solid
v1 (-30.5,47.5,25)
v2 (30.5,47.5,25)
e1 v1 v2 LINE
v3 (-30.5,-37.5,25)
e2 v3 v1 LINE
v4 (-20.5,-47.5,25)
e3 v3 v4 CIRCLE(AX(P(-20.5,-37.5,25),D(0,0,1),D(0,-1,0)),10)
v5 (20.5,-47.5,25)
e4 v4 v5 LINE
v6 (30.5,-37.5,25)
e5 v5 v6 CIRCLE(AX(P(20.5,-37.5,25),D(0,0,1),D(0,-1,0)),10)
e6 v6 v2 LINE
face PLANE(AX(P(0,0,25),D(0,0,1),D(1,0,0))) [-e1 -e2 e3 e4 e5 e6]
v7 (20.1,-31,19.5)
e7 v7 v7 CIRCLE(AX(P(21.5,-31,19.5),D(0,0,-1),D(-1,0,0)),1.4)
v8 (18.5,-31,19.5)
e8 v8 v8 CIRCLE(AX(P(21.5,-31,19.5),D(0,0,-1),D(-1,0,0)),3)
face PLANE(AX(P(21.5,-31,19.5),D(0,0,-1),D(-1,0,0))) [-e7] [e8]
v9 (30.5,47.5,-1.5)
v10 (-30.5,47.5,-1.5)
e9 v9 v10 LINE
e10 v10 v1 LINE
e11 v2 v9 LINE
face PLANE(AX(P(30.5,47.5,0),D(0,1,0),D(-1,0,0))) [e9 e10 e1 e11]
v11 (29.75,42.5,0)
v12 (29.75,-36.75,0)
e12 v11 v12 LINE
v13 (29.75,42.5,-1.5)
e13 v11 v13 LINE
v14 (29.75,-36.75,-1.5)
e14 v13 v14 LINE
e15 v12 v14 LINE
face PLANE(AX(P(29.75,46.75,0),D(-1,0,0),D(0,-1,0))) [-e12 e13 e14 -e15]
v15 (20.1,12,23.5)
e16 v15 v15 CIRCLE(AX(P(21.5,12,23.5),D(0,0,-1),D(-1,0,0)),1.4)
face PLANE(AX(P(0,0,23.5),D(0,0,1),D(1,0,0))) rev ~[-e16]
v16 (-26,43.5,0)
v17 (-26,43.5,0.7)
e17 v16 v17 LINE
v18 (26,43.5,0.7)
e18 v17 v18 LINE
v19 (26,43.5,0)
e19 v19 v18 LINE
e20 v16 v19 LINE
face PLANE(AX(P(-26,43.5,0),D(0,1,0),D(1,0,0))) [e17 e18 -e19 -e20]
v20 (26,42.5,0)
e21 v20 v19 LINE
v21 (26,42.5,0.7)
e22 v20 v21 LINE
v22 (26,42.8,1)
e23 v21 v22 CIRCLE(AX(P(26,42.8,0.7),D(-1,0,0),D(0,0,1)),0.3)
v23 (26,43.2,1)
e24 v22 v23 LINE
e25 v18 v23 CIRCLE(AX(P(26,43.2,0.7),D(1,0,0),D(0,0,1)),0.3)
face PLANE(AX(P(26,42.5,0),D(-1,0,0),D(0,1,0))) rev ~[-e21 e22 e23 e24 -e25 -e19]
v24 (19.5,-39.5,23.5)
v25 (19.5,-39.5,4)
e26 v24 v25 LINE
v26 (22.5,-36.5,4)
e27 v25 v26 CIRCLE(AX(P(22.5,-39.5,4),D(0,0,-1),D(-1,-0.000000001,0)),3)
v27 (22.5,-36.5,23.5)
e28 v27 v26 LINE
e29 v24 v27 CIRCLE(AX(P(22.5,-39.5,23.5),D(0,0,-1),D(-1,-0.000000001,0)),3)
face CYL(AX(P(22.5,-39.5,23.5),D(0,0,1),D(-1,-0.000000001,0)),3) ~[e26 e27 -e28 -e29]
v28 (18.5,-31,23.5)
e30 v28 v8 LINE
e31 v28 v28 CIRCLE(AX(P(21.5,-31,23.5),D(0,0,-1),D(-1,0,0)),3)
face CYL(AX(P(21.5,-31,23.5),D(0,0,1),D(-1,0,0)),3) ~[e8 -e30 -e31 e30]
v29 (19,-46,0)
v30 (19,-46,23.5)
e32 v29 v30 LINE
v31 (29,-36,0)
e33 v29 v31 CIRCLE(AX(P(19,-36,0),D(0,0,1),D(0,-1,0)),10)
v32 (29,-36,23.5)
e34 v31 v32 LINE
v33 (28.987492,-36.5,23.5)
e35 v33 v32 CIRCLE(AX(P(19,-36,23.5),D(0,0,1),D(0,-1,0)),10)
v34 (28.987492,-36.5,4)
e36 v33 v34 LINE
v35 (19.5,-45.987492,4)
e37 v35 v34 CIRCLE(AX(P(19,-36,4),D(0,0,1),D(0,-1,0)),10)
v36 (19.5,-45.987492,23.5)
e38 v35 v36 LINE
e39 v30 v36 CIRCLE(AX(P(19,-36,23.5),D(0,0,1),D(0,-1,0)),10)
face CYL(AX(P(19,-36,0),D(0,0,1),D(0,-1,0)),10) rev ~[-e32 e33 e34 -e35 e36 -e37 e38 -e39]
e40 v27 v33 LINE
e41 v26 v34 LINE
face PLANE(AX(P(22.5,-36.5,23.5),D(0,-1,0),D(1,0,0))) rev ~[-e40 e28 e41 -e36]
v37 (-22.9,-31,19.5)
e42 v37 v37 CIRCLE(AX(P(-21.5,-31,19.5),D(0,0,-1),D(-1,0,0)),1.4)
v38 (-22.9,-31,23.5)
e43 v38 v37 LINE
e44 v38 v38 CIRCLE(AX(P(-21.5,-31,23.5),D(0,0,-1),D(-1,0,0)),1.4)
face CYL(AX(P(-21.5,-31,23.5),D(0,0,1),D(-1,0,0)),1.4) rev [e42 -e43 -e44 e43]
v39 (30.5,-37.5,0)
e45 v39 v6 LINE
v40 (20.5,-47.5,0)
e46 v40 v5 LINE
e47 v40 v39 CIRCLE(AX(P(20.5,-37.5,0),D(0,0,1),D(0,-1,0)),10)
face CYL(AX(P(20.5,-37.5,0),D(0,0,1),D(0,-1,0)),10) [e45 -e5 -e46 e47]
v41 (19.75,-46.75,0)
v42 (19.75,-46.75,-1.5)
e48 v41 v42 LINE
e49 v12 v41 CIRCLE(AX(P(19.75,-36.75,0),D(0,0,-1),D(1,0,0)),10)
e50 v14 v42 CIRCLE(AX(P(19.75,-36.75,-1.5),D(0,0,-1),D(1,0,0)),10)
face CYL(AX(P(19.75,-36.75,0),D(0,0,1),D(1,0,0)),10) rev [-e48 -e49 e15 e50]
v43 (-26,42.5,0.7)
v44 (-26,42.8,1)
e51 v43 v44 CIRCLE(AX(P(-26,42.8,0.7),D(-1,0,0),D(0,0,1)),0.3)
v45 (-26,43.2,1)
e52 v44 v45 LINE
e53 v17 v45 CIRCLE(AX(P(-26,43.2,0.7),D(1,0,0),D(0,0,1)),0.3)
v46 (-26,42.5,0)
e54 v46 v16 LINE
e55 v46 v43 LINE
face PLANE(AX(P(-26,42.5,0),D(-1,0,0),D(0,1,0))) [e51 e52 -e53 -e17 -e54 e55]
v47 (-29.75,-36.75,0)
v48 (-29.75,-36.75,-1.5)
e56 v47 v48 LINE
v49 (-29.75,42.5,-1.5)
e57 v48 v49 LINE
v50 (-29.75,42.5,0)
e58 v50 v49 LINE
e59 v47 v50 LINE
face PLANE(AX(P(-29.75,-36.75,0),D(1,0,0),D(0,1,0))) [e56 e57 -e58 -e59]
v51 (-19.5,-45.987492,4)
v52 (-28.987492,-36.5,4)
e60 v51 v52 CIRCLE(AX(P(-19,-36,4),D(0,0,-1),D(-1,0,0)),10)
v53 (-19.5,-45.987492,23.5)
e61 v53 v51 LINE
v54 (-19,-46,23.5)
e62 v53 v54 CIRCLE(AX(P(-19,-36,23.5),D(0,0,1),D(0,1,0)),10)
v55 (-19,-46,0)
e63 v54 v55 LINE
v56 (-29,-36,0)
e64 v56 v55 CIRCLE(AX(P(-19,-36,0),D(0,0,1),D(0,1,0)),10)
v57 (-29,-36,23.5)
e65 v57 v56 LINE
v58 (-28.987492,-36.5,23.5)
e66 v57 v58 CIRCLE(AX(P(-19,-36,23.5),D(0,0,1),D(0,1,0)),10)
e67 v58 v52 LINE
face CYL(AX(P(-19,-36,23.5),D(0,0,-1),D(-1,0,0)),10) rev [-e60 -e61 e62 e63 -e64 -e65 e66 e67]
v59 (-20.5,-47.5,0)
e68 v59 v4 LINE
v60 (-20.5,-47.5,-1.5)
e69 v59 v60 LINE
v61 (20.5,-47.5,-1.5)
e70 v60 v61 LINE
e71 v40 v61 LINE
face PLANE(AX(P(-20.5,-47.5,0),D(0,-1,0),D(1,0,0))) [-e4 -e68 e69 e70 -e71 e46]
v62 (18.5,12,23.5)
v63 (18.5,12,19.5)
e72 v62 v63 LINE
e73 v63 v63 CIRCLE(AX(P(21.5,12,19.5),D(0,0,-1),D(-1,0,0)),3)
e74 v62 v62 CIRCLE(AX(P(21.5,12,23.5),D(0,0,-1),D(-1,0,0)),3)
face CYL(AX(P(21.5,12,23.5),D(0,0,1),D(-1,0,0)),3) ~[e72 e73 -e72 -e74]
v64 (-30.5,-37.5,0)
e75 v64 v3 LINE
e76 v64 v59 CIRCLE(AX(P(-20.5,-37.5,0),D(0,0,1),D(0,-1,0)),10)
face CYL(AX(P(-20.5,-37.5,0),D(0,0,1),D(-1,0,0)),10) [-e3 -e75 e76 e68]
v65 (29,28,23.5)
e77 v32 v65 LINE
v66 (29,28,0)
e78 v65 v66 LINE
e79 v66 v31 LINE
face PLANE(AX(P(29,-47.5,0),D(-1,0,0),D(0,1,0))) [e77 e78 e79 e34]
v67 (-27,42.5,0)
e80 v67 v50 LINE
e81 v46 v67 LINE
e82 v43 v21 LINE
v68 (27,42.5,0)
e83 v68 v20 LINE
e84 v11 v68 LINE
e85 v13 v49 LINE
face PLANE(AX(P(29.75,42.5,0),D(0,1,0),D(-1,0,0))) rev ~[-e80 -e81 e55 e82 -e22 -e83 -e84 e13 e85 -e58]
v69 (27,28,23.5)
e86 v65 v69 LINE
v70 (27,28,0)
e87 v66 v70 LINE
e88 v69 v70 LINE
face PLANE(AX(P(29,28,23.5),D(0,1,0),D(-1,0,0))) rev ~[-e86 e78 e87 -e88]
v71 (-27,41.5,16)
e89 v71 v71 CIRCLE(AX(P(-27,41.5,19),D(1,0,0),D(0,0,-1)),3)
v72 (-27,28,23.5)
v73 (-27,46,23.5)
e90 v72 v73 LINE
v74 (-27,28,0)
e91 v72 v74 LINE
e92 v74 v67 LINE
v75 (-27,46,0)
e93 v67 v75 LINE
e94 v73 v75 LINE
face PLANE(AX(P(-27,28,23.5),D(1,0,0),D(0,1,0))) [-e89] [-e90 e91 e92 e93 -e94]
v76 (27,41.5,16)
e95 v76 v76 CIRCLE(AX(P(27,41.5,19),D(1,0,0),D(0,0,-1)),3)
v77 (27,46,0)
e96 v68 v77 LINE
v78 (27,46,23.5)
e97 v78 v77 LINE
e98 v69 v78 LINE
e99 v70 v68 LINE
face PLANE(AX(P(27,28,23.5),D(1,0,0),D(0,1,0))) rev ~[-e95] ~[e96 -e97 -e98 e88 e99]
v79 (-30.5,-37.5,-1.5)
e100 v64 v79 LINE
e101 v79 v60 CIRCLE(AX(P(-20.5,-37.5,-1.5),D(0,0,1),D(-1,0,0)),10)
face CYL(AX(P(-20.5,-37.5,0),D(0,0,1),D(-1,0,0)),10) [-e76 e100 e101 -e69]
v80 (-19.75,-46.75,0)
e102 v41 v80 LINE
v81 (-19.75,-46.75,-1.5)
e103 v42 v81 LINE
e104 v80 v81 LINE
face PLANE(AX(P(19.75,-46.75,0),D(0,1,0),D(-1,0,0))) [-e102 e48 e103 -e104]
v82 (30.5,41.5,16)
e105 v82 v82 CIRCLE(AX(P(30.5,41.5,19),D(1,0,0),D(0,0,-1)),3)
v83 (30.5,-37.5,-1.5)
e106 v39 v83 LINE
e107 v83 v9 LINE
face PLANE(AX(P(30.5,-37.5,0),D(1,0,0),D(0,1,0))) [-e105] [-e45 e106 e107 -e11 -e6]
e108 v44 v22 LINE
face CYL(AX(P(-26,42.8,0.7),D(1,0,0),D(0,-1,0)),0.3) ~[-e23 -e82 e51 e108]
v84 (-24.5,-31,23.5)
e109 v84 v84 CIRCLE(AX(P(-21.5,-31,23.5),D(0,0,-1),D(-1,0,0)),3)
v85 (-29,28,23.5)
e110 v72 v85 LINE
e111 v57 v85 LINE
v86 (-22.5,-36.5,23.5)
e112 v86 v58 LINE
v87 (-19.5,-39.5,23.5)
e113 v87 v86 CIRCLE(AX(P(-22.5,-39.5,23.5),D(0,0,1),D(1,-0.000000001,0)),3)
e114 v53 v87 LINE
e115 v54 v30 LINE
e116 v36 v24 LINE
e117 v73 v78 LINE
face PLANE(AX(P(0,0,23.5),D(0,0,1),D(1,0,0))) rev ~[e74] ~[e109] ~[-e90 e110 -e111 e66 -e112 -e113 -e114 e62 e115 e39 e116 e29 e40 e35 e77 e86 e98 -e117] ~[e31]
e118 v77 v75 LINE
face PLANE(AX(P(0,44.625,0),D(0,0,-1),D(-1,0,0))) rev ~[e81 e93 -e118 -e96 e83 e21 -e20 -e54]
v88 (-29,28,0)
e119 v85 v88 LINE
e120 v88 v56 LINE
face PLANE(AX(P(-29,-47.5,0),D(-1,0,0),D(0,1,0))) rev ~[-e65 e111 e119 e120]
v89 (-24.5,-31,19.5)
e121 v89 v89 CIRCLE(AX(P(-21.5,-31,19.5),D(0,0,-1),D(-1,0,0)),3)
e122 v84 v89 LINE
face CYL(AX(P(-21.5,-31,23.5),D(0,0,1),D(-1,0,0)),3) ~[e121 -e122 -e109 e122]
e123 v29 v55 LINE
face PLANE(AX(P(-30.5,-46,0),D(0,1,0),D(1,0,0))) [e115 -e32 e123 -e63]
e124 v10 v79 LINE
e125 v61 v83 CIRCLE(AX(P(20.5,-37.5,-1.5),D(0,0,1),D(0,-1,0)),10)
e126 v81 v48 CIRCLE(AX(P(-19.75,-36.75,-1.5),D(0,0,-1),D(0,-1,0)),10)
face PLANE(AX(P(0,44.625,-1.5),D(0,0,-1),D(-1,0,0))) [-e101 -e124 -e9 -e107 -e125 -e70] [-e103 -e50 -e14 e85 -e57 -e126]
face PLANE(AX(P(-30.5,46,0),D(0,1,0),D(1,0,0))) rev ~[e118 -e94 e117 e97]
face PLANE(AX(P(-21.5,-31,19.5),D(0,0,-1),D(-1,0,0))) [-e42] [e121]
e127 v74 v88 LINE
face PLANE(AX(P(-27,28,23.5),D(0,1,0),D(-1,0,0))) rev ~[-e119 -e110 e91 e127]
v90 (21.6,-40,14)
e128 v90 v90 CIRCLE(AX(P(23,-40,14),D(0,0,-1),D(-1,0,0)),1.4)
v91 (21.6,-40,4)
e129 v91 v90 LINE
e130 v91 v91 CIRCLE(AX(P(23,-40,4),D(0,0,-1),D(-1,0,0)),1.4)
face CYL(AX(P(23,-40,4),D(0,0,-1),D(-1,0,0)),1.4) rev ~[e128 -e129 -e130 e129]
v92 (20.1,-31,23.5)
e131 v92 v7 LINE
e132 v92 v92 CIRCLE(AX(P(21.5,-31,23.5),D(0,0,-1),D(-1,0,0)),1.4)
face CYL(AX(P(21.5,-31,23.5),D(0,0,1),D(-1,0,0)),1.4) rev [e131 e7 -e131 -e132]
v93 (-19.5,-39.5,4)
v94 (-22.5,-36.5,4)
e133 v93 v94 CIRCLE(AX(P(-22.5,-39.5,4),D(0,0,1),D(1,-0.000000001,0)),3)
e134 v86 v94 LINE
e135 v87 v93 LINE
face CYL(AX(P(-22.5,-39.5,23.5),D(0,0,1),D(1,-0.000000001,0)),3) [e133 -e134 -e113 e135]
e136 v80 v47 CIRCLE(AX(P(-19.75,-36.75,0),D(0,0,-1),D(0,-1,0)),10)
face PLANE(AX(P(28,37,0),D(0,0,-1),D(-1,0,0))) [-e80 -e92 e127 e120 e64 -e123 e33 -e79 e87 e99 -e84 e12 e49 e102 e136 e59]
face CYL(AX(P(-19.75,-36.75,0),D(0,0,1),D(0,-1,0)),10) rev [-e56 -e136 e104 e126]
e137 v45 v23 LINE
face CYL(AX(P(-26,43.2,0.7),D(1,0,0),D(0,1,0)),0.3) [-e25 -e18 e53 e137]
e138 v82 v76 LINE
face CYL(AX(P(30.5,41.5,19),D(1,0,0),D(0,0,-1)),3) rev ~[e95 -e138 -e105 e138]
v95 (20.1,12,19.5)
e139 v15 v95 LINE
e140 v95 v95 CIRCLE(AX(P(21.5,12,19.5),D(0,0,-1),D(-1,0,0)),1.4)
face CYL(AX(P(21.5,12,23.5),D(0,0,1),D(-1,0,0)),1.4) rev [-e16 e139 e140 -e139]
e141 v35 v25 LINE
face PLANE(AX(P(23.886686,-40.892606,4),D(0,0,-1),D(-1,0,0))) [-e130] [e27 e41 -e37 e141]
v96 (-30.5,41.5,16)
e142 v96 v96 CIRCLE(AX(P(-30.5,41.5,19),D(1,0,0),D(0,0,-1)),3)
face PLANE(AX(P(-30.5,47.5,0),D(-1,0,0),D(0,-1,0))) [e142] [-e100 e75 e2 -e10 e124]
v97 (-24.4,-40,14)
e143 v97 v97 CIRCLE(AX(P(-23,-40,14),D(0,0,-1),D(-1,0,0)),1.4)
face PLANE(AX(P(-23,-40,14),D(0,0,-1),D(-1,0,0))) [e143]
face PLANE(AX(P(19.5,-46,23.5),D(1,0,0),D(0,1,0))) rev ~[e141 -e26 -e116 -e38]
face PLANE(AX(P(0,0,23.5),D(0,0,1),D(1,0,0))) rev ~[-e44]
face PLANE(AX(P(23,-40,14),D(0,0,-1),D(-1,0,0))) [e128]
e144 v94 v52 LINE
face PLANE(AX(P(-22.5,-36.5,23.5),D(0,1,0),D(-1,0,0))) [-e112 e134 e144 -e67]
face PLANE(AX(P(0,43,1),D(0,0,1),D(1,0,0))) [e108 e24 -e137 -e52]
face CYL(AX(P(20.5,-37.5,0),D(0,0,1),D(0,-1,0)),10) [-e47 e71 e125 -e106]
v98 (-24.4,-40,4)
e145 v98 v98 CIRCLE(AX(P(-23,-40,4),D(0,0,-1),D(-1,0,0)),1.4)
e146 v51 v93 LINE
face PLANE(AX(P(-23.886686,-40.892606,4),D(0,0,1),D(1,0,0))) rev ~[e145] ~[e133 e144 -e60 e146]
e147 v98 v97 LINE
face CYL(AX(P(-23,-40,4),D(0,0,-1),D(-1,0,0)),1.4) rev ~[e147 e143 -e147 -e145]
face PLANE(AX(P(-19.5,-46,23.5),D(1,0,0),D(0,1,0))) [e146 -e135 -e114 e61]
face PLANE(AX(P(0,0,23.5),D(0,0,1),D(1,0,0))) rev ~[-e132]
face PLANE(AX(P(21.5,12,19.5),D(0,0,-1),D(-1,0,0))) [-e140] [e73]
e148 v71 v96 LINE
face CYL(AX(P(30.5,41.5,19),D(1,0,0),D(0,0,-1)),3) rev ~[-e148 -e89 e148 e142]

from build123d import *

# Parameters (mm, degrees)
SKETCH1_W               = 61
SKETCH1_H               = 95
BOSS_EXTRUDE1_DEPTH     = 25
SHELL1_T                = -1.5
FILLET1_R               = 10
SKETCH2_R               = 3
SKETCH2_R_2             = 1.4
BOSS_EXTRUDE2_DEPTH     = 4
SKETCH4_W               = 2
SKETCH4_H               = 18
BOSS_EXTRUDE3_DEPTH     = 23.5
SKETCH3_R               = 3
CUT_EXTRUDE1_DEPTH      = 1
CUT_EXTRUDE1_DEPTH_BACK = 62
BOSS_EXTRUDE4_DEPTH     = 1.5
SKETCH6_W               = 59.5
SKETCH6_H               = 4.25
BOSS_EXTRUDE5_DEPTH     = 1.5
SKETCH7_W               = 52
SKETCH7_H               = 1
BOSS_EXTRUDE6_DEPTH     = 1
FILLET2_R               = 0.3
BOSS_EXTRUDE7_DEPTH     = 19.5
SKETCH9_R               = 1.4
CUT_EXTRUDE2_DEPTH      = 10


with BuildPart() as part:
    # Sketch1 → Boss-Extrude1 (new body)
    with BuildSketch(Plane.XY):
        Rectangle(SKETCH1_W, SKETCH1_H)
    extrude(amount=BOSS_EXTRUDE1_DEPTH)

    # Shell1
    shell1_openings = [part.faces().sort_by_distance(p)[0] for p in [
        (0, 0, 0),
    ]]
    offset(amount=SHELL1_T, openings=shell1_openings, kind=Kind.INTERSECTION)

    # Fillet1
    fillet1_edges = [part.edges().sort_by_distance(p)[0] for p in [
        (29, -46, 11.75),
        (-29, -46, 11.75),
        (30.5, -47.5, 12.5),
        (-30.5, -47.5, 12.5),
    ]]
    fillet(fillet1_edges, radius=FILLET1_R)

    # Sketch2 → Boss-Extrude2 (add)
    with BuildSketch(Plane(origin=(0, 0, 23.5), x_dir=(-1, 0, 0), z_dir=(0, 0, -1))):
        with Locations((-21.5, 12)):
            Circle(SKETCH2_R)
        with Locations((-21.5, 12)):
            Circle(SKETCH2_R_2, mode=Mode.SUBTRACT)
        with Locations((-21.5, -31)):
            Circle(SKETCH2_R)
        with Locations((-21.5, -31)):
            Circle(SKETCH2_R_2, mode=Mode.SUBTRACT)
        with Locations((21.5, -31)):
            Circle(SKETCH2_R)
        with Locations((21.5, -31)):
            Circle(SKETCH2_R_2, mode=Mode.SUBTRACT)
    extrude(amount=BOSS_EXTRUDE2_DEPTH)

    # Sketch4 → Boss-Extrude3 (add)
    with BuildSketch(Plane(origin=(0, 0, 23.5), x_dir=(-1, 0, 0), z_dir=(0, 0, -1))):
        with Locations((-28, 37)):
            Rectangle(SKETCH4_W, SKETCH4_H)
        with Locations((28, 37)):
            Rectangle(SKETCH4_W, SKETCH4_H)
    extrude(amount=BOSS_EXTRUDE3_DEPTH)

    # Sketch3 → Cut-Extrude1 (cut, two sides)
    with BuildSketch(Plane(origin=(30.5, 0, 0), x_dir=(0, 0, -1), z_dir=(1, 0, 0))) as cut_extrude1_sk:
        with Locations((-19, 41.5)):
            Circle(SKETCH3_R)
    extrude(amount=CUT_EXTRUDE1_DEPTH, mode=Mode.SUBTRACT)
    extrude(cut_extrude1_sk.sketch, amount=-CUT_EXTRUDE1_DEPTH_BACK, mode=Mode.SUBTRACT)

    # Sketch5 → Boss-Extrude4 (add)
    with BuildSketch(Plane(origin=(0, 0, 0), x_dir=(-1, 0, 0), z_dir=(0, 0, -1))):
        with BuildLine():
            Line((-30.5, 47.5), (30.5, 47.5))
            Line((30.5, 47.5), (30.5, -37.5))
            ThreePointArc((30.5, -37.5), (27.571067812, -44.571067812), (20.5, -47.5))
            Line((20.5, -47.5), (-20.5, -47.5))
            ThreePointArc((-20.5, -47.5), (-27.571067812, -44.571067812), (-30.5, -37.5))
            Line((-30.5, -37.5), (-30.5, 47.5))
        make_face()
        with BuildLine():
            Line((-19.75, -46.75), (19.75, -46.75))
            ThreePointArc((19.75, -46.75), (26.821067812, -43.821067812), (29.75, -36.75))
            Line((29.75, -36.75), (29.75, 46.75))
            Line((29.75, 46.75), (-29.75, 46.75))
            Line((-29.75, 46.75), (-29.75, -36.75))
            ThreePointArc((-29.75, -36.75), (-26.821067812, -43.821067812), (-19.75, -46.75))
        make_face(mode=Mode.SUBTRACT)
    extrude(amount=BOSS_EXTRUDE4_DEPTH)

    # Sketch6 → Boss-Extrude5 (add)
    with BuildSketch(Plane(origin=(0, 0, 0), x_dir=(-1, 0, 0), z_dir=(0, 0, -1))):
        with Locations((0, 44.625)):
            Rectangle(SKETCH6_W, SKETCH6_H)
    extrude(amount=BOSS_EXTRUDE5_DEPTH)

    # Sketch7 → Boss-Extrude6 (add)
    with BuildSketch(Plane.XY):
        with Locations((0, 43)):
            Rectangle(SKETCH7_W, SKETCH7_H)
    extrude(amount=BOSS_EXTRUDE6_DEPTH)

    # Fillet2
    fillet2_edges = [part.edges().sort_by_distance(p)[0] for p in [
        (0, 43.5, 1),
        (0, 42.5, 1),
    ]]
    fillet(fillet2_edges, radius=FILLET2_R)

    # Sketch8 → Boss-Extrude7 (add)
    with BuildSketch(Plane(origin=(0, 0, 23.5), x_dir=(-1, 0, 0), z_dir=(0, 0, -1))):
        with BuildLine():
            Line((-22.5, -36.5), (-28.987492178, -36.5))
            Line((-28.987492178, -36.5), (-28.987492178, -39))
            ThreePointArc((-28.987492178, -39), (-26.937239646, -43.949747468), (-21.987492178, -46))
            Line((-21.987492178, -46), (-19.5, -46))
            Line((-19.5, -46), (-19.5, -39.5))
            ThreePointArc((-19.5, -39.5), (-20.378679656, -37.378679656), (-22.5, -36.5))
        make_face()
        with BuildLine():
            Line((19.5, -46), (19.5, -39.5))
            ThreePointArc((19.5, -39.5), (20.378679656, -37.378679656), (22.5, -36.5))
            Line((22.5, -36.5), (28.987492178, -36.5))
            Line((28.987492178, -36.5), (28.987492178, -39))
            ThreePointArc((28.987492178, -39), (26.937239646, -43.949747468), (21.987492178, -46))
            Line((21.987492178, -46), (19.5, -46))
        make_face()
    extrude(amount=BOSS_EXTRUDE7_DEPTH)

    # Sketch9 → Cut-Extrude2 (cut)
    with BuildSketch(Plane(origin=(0, 0, 4), x_dir=(-1, 0, 0), z_dir=(0, 0, -1))):
        with Locations((-23, -40)):
            Circle(SKETCH9_R)
        with Locations((23, -40)):
            Circle(SKETCH9_R)
    extrude(amount=-CUT_EXTRUDE2_DEPTH, mode=Mode.SUBTRACT)


solid = part.part
